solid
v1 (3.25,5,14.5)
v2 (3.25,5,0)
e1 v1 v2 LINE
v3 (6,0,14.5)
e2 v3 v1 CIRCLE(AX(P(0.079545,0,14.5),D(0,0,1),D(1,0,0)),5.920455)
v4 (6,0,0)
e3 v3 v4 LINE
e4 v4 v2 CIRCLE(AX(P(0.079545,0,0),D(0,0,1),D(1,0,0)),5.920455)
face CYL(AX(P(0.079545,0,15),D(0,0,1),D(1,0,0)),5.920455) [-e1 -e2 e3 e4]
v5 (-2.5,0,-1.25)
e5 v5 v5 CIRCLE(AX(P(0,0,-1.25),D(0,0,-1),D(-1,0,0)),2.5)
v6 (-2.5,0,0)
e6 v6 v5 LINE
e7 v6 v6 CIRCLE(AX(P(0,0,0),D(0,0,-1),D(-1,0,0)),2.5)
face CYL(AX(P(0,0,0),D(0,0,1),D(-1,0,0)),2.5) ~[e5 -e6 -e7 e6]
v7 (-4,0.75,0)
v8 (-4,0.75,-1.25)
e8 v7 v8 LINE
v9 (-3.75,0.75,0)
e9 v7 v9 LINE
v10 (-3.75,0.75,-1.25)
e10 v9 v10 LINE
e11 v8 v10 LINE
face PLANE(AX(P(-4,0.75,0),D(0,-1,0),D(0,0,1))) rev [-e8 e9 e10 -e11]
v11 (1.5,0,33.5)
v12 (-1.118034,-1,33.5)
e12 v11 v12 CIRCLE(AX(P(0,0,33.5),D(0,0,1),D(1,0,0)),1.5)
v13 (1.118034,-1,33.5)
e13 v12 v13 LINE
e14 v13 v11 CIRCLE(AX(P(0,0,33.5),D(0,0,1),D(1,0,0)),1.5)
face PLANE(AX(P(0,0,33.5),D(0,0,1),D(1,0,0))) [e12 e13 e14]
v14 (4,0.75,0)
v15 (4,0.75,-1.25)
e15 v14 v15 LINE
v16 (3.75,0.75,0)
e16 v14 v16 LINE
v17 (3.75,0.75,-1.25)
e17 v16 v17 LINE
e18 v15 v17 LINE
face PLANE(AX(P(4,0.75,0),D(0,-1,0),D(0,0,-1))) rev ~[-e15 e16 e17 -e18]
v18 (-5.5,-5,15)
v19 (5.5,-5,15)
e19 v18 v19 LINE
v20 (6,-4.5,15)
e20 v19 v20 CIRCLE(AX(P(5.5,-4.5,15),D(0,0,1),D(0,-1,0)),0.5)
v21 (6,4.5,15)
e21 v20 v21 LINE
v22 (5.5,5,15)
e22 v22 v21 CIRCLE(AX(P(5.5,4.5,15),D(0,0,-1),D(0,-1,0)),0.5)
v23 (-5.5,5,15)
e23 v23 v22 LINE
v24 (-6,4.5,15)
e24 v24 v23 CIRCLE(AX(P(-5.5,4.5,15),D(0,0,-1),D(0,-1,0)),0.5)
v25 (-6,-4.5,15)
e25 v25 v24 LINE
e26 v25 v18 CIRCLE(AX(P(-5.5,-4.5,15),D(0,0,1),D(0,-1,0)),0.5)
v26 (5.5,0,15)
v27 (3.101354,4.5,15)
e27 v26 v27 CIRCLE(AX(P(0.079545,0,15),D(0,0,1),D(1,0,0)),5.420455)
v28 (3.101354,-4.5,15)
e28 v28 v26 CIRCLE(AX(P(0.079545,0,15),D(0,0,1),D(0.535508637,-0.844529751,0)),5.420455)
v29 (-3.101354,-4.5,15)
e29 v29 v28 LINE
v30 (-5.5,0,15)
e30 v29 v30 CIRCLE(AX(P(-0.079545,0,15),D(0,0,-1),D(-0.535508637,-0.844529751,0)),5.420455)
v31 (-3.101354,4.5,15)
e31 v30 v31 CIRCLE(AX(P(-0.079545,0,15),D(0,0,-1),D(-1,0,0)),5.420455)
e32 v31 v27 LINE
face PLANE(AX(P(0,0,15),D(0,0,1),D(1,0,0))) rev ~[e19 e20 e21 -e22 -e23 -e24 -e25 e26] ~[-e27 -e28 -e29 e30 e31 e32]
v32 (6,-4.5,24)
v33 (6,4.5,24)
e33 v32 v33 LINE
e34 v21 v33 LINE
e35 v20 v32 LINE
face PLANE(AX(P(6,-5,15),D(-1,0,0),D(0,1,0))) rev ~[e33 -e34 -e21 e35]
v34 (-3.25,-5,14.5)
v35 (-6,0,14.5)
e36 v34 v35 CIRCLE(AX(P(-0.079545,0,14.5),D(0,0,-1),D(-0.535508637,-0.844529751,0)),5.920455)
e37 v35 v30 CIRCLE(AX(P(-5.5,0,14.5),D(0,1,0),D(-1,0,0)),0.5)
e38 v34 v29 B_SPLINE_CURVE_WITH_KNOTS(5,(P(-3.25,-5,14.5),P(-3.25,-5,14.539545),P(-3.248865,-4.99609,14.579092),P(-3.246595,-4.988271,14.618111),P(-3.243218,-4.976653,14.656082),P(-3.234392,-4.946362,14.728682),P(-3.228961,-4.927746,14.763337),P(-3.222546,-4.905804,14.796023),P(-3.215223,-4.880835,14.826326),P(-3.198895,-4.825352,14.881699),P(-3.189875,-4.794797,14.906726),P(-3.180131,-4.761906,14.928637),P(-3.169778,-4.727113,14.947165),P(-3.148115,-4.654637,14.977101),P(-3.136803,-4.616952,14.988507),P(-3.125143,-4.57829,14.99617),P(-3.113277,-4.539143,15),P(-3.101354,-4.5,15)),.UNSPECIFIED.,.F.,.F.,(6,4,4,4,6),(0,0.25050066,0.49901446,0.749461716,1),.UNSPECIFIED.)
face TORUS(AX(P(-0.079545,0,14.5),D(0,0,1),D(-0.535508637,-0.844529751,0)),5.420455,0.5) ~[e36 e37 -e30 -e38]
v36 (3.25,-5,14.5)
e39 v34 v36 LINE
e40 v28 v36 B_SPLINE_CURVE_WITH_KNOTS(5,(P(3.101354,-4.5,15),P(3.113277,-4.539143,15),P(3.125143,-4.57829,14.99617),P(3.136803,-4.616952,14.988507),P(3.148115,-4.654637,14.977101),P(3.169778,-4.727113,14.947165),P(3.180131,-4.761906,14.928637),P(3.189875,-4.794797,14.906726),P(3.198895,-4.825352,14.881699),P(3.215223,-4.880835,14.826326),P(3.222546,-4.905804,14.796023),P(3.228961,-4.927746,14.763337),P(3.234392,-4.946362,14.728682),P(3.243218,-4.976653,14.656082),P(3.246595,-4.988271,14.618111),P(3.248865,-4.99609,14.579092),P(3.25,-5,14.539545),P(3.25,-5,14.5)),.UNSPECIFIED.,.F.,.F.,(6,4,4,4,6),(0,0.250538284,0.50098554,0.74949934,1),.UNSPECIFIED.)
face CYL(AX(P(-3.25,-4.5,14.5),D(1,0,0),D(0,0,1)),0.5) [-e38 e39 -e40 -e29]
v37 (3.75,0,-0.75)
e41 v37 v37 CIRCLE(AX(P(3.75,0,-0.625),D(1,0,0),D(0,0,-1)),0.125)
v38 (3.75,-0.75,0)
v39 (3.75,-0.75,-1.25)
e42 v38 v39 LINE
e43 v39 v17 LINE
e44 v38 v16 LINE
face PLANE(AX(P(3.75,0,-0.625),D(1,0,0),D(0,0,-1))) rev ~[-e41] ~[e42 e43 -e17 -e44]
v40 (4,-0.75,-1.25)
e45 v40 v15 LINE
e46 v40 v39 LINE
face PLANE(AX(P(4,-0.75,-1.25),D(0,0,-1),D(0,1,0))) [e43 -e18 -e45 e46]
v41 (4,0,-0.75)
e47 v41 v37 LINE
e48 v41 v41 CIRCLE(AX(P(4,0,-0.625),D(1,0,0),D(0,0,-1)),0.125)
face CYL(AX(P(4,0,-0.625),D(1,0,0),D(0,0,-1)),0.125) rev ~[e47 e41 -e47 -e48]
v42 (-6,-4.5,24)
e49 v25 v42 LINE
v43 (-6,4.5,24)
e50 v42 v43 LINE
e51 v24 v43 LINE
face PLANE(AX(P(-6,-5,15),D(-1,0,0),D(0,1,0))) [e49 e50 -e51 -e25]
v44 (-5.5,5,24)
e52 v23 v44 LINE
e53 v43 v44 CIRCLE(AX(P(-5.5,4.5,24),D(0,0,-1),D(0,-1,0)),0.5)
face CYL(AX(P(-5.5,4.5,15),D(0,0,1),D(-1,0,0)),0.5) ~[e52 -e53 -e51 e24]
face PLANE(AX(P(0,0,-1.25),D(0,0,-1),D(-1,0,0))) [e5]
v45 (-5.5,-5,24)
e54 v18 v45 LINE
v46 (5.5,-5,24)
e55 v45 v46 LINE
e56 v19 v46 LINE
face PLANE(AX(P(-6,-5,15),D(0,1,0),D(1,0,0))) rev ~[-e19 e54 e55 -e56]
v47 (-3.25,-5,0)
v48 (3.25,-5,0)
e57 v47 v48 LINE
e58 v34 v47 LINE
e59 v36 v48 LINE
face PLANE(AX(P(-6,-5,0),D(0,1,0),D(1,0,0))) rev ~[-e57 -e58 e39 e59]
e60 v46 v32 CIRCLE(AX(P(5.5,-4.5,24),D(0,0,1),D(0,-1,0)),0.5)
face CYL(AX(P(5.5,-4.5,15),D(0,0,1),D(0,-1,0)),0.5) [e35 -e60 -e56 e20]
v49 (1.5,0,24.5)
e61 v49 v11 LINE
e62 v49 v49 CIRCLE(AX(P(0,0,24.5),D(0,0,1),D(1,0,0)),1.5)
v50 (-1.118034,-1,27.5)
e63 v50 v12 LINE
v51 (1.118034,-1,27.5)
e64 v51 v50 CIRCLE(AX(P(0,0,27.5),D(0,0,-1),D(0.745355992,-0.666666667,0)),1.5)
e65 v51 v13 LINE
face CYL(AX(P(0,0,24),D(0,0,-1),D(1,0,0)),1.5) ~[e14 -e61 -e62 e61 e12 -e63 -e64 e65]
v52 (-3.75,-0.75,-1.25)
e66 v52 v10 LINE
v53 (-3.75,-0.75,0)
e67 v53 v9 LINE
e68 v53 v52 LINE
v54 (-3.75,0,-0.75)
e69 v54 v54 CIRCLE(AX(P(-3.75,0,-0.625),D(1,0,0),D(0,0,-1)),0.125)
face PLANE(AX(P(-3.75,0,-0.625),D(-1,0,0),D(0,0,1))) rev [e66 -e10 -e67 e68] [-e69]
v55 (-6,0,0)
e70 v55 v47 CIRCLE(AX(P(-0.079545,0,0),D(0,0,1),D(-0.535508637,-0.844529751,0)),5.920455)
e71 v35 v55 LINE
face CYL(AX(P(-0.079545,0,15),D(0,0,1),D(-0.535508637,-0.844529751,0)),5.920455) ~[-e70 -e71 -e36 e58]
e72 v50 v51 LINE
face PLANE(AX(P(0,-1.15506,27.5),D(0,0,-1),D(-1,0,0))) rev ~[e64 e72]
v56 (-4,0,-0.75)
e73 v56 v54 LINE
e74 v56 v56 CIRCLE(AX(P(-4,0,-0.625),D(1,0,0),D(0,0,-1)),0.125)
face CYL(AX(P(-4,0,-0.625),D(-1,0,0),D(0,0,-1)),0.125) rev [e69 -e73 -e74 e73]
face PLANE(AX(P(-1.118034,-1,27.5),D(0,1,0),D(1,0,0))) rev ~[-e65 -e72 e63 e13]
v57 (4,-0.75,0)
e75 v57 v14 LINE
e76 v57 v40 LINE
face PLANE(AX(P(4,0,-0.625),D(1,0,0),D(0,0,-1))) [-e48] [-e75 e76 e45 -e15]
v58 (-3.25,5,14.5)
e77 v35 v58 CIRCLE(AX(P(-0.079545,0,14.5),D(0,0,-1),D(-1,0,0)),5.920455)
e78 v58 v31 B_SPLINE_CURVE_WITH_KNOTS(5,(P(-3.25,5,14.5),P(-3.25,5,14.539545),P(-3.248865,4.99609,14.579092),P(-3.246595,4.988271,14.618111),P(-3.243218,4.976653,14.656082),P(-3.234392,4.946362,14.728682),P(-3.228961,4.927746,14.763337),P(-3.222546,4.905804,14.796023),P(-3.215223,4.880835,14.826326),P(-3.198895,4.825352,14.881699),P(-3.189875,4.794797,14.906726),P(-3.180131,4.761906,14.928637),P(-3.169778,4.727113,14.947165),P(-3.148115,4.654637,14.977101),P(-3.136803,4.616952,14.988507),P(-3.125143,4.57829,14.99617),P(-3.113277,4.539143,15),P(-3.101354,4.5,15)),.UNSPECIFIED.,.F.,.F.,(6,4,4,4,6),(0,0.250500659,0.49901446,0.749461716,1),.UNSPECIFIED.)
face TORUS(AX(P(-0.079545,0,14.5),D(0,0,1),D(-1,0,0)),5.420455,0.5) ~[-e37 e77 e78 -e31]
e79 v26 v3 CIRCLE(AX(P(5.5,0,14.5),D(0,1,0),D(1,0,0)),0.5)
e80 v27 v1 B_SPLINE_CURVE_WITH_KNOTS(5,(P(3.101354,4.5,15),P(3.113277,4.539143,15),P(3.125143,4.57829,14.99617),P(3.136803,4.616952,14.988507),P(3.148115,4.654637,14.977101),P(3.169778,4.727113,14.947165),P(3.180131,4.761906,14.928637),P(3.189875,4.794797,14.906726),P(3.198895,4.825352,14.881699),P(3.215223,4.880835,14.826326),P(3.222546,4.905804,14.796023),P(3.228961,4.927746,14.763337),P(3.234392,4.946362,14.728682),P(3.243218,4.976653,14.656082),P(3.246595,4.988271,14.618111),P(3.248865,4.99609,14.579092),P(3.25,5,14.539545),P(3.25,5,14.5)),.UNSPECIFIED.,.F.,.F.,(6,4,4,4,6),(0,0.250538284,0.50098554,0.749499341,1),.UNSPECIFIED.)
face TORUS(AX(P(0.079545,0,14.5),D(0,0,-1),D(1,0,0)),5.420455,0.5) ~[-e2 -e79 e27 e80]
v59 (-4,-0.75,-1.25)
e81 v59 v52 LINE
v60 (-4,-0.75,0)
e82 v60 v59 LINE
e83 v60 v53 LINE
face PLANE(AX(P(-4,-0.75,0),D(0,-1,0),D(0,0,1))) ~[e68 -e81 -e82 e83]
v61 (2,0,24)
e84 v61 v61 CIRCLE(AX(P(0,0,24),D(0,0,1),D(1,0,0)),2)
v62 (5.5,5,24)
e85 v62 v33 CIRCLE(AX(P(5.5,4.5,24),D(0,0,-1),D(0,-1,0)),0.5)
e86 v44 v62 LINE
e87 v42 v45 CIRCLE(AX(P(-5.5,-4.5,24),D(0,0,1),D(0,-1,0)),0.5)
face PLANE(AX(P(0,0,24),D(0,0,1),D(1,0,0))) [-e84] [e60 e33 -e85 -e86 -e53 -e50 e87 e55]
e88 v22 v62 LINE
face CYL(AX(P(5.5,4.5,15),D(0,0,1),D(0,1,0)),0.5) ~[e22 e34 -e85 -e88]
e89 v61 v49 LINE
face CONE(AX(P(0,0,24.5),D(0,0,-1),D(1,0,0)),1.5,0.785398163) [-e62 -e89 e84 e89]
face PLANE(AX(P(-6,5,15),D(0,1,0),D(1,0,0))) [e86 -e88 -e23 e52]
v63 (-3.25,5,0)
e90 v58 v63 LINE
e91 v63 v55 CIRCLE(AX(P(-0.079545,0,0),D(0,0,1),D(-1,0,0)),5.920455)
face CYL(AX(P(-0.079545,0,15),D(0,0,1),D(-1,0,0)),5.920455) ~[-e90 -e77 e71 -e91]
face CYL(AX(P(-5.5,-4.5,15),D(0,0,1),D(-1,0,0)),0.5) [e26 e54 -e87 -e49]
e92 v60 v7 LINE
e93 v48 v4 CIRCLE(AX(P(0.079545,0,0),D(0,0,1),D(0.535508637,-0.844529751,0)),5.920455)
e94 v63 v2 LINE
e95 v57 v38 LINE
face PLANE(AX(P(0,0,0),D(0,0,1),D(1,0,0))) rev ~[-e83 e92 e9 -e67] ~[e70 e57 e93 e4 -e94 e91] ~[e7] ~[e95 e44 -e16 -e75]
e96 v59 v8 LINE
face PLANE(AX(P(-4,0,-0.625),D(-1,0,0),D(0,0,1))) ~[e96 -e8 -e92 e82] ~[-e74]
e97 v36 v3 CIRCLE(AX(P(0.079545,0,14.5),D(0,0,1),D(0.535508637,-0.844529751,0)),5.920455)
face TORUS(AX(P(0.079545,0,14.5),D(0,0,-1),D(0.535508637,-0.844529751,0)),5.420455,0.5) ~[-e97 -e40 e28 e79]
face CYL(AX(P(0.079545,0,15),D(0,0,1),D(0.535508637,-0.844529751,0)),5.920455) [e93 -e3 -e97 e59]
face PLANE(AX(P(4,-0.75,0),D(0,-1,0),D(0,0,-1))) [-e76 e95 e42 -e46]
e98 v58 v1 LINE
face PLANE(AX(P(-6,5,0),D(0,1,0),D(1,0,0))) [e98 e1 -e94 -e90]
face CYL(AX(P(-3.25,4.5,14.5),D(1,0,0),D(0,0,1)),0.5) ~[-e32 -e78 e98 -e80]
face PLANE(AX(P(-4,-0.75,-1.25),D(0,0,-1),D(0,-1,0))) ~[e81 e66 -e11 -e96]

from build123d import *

# Parameters (mm, degrees)
SKETCH1_W           = 12
SKETCH1_H           = 10
BOSS_EXTRUDE1_DEPTH = 15
CUT_EXTRUDE1_DEPTH  = 17.911534525
SKETCH3_R           = 2.5
BOSS_EXTRUDE2_DEPTH = 1.25
SKETCH4_W           = 1.25
SKETCH4_H           = 1.5
SKETCH4_R           = 0.125
BOSS_EXTRUDE3_DEPTH = 0.25
FILLET2_R           = 0.5
SKETCH5_W           = 12
SKETCH5_H           = 10
BOSS_EXTRUDE4_DEPTH = 9
FILLET1_R           = 0.5
SKETCH6_R           = 1.5
BOSS_EXTRUDE5_DEPTH = 9.5
CHAMFER1_SIZE       = 0.5
CUT_EXTRUDE2_START  = -6
CUT_EXTRUDE2_DEPTH  = 6


with BuildPart() as part:
    # Sketch1 → Boss-Extrude1 (new body)
    with BuildSketch(Plane.XY):
        Rectangle(SKETCH1_W, SKETCH1_H)
    extrude(amount=BOSS_EXTRUDE1_DEPTH)

    # Sketch2 → Cut-Extrude1 (cut, through all)
    with BuildSketch(Plane.XY.offset(15)):
        with BuildLine():
            ThreePointArc((-6, 0), (-5.267141914, 2.853178053), (-3.25, 5))
            Line((-3.25, 5), (-6, 5))
            Line((-6, 5), (-6, 0))
        make_face()
        with BuildLine():
            ThreePointArc((-3.25, -5), (-5.267141914, -2.853178053), (-6, 0))
            Line((-6, 0), (-6, -5))
            Line((-6, -5), (-3.25, -5))
        make_face()
    cut_extrude1 = extrude(amount=-CUT_EXTRUDE1_DEPTH, mode=Mode.SUBTRACT)

    # Mirror1: Cut-Extrude1 across plane
    add(cut_extrude1.mirror(Plane(origin=(0, 0, 0), x_dir=(0, 0, 1), z_dir=(1, 0, 0))), mode=Mode.SUBTRACT)

    # Sketch3 → Boss-Extrude2 (add)
    with BuildSketch(Plane(origin=(0, 0, 0), x_dir=(-1, 0, 0), z_dir=(0, 0, -1))):
        Circle(SKETCH3_R)
    extrude(amount=BOSS_EXTRUDE2_DEPTH)

    # Sketch4 → Boss-Extrude3 (add)
    with BuildSketch(Plane(origin=(4, 0, 0), x_dir=(0, 0, -1), z_dir=(1, 0, 0))):
        with Locations((0.625, 0)):
            Rectangle(SKETCH4_W, SKETCH4_H)
        with Locations((0.625, 0)):
            Circle(SKETCH4_R, mode=Mode.SUBTRACT)
    boss_extrude3 = extrude(amount=-BOSS_EXTRUDE3_DEPTH)

    # Mirror2: Boss-Extrude3 across plane
    add(boss_extrude3.mirror(Plane(origin=(0, 0, 0), x_dir=(0, 0, 1), z_dir=(1, 0, 0))))

    # Fillet2
    fillet2_edges = [part.edges().sort_by_distance(p)[0] for p in [
        (-6, 0, 15),
        (0, -5, 15),
        (0, 5, 15),
        (6, 0, 15),
    ]]
    fillet(fillet2_edges, radius=FILLET2_R)

    # Sketch5 → Boss-Extrude4 (add)
    with BuildSketch(Plane.XY.offset(15)):
        Rectangle(SKETCH5_W, SKETCH5_H)
    extrude(amount=BOSS_EXTRUDE4_DEPTH)

    # Fillet1
    fillet1_edges = [part.edges().sort_by_distance(p)[0] for p in [
        (6, 5, 19.5),
        (-6, 5, 19.5),
        (-6, -5, 19.5),
        (6, -5, 19.5),
    ]]
    fillet(fillet1_edges, radius=FILLET1_R)

    # Sketch6 → Boss-Extrude5 (add)
    with BuildSketch(Plane.XY.offset(24)):
        Circle(SKETCH6_R)
    extrude(amount=BOSS_EXTRUDE5_DEPTH)

    # Chamfer1
    chamfer1_edges = [part.edges().sort_by_distance(p)[0] for p in [
        (-1.5, 0, 24),
    ]]
    chamfer(chamfer1_edges, length=CHAMFER1_SIZE)

    # Sketch7 → Cut-Extrude2 (cut)
    with BuildSketch(Plane.XY.offset(33.5).offset(CUT_EXTRUDE2_START)):
        with BuildLine():
            Line((-1.118033989, -1), (1.118033989, -1))
            ThreePointArc((1.118033989, -1), (0, -1.5), (-1.118033989, -1))
        make_face()
    extrude(amount=CUT_EXTRUDE2_DEPTH, mode=Mode.SUBTRACT)


solid = part.part
